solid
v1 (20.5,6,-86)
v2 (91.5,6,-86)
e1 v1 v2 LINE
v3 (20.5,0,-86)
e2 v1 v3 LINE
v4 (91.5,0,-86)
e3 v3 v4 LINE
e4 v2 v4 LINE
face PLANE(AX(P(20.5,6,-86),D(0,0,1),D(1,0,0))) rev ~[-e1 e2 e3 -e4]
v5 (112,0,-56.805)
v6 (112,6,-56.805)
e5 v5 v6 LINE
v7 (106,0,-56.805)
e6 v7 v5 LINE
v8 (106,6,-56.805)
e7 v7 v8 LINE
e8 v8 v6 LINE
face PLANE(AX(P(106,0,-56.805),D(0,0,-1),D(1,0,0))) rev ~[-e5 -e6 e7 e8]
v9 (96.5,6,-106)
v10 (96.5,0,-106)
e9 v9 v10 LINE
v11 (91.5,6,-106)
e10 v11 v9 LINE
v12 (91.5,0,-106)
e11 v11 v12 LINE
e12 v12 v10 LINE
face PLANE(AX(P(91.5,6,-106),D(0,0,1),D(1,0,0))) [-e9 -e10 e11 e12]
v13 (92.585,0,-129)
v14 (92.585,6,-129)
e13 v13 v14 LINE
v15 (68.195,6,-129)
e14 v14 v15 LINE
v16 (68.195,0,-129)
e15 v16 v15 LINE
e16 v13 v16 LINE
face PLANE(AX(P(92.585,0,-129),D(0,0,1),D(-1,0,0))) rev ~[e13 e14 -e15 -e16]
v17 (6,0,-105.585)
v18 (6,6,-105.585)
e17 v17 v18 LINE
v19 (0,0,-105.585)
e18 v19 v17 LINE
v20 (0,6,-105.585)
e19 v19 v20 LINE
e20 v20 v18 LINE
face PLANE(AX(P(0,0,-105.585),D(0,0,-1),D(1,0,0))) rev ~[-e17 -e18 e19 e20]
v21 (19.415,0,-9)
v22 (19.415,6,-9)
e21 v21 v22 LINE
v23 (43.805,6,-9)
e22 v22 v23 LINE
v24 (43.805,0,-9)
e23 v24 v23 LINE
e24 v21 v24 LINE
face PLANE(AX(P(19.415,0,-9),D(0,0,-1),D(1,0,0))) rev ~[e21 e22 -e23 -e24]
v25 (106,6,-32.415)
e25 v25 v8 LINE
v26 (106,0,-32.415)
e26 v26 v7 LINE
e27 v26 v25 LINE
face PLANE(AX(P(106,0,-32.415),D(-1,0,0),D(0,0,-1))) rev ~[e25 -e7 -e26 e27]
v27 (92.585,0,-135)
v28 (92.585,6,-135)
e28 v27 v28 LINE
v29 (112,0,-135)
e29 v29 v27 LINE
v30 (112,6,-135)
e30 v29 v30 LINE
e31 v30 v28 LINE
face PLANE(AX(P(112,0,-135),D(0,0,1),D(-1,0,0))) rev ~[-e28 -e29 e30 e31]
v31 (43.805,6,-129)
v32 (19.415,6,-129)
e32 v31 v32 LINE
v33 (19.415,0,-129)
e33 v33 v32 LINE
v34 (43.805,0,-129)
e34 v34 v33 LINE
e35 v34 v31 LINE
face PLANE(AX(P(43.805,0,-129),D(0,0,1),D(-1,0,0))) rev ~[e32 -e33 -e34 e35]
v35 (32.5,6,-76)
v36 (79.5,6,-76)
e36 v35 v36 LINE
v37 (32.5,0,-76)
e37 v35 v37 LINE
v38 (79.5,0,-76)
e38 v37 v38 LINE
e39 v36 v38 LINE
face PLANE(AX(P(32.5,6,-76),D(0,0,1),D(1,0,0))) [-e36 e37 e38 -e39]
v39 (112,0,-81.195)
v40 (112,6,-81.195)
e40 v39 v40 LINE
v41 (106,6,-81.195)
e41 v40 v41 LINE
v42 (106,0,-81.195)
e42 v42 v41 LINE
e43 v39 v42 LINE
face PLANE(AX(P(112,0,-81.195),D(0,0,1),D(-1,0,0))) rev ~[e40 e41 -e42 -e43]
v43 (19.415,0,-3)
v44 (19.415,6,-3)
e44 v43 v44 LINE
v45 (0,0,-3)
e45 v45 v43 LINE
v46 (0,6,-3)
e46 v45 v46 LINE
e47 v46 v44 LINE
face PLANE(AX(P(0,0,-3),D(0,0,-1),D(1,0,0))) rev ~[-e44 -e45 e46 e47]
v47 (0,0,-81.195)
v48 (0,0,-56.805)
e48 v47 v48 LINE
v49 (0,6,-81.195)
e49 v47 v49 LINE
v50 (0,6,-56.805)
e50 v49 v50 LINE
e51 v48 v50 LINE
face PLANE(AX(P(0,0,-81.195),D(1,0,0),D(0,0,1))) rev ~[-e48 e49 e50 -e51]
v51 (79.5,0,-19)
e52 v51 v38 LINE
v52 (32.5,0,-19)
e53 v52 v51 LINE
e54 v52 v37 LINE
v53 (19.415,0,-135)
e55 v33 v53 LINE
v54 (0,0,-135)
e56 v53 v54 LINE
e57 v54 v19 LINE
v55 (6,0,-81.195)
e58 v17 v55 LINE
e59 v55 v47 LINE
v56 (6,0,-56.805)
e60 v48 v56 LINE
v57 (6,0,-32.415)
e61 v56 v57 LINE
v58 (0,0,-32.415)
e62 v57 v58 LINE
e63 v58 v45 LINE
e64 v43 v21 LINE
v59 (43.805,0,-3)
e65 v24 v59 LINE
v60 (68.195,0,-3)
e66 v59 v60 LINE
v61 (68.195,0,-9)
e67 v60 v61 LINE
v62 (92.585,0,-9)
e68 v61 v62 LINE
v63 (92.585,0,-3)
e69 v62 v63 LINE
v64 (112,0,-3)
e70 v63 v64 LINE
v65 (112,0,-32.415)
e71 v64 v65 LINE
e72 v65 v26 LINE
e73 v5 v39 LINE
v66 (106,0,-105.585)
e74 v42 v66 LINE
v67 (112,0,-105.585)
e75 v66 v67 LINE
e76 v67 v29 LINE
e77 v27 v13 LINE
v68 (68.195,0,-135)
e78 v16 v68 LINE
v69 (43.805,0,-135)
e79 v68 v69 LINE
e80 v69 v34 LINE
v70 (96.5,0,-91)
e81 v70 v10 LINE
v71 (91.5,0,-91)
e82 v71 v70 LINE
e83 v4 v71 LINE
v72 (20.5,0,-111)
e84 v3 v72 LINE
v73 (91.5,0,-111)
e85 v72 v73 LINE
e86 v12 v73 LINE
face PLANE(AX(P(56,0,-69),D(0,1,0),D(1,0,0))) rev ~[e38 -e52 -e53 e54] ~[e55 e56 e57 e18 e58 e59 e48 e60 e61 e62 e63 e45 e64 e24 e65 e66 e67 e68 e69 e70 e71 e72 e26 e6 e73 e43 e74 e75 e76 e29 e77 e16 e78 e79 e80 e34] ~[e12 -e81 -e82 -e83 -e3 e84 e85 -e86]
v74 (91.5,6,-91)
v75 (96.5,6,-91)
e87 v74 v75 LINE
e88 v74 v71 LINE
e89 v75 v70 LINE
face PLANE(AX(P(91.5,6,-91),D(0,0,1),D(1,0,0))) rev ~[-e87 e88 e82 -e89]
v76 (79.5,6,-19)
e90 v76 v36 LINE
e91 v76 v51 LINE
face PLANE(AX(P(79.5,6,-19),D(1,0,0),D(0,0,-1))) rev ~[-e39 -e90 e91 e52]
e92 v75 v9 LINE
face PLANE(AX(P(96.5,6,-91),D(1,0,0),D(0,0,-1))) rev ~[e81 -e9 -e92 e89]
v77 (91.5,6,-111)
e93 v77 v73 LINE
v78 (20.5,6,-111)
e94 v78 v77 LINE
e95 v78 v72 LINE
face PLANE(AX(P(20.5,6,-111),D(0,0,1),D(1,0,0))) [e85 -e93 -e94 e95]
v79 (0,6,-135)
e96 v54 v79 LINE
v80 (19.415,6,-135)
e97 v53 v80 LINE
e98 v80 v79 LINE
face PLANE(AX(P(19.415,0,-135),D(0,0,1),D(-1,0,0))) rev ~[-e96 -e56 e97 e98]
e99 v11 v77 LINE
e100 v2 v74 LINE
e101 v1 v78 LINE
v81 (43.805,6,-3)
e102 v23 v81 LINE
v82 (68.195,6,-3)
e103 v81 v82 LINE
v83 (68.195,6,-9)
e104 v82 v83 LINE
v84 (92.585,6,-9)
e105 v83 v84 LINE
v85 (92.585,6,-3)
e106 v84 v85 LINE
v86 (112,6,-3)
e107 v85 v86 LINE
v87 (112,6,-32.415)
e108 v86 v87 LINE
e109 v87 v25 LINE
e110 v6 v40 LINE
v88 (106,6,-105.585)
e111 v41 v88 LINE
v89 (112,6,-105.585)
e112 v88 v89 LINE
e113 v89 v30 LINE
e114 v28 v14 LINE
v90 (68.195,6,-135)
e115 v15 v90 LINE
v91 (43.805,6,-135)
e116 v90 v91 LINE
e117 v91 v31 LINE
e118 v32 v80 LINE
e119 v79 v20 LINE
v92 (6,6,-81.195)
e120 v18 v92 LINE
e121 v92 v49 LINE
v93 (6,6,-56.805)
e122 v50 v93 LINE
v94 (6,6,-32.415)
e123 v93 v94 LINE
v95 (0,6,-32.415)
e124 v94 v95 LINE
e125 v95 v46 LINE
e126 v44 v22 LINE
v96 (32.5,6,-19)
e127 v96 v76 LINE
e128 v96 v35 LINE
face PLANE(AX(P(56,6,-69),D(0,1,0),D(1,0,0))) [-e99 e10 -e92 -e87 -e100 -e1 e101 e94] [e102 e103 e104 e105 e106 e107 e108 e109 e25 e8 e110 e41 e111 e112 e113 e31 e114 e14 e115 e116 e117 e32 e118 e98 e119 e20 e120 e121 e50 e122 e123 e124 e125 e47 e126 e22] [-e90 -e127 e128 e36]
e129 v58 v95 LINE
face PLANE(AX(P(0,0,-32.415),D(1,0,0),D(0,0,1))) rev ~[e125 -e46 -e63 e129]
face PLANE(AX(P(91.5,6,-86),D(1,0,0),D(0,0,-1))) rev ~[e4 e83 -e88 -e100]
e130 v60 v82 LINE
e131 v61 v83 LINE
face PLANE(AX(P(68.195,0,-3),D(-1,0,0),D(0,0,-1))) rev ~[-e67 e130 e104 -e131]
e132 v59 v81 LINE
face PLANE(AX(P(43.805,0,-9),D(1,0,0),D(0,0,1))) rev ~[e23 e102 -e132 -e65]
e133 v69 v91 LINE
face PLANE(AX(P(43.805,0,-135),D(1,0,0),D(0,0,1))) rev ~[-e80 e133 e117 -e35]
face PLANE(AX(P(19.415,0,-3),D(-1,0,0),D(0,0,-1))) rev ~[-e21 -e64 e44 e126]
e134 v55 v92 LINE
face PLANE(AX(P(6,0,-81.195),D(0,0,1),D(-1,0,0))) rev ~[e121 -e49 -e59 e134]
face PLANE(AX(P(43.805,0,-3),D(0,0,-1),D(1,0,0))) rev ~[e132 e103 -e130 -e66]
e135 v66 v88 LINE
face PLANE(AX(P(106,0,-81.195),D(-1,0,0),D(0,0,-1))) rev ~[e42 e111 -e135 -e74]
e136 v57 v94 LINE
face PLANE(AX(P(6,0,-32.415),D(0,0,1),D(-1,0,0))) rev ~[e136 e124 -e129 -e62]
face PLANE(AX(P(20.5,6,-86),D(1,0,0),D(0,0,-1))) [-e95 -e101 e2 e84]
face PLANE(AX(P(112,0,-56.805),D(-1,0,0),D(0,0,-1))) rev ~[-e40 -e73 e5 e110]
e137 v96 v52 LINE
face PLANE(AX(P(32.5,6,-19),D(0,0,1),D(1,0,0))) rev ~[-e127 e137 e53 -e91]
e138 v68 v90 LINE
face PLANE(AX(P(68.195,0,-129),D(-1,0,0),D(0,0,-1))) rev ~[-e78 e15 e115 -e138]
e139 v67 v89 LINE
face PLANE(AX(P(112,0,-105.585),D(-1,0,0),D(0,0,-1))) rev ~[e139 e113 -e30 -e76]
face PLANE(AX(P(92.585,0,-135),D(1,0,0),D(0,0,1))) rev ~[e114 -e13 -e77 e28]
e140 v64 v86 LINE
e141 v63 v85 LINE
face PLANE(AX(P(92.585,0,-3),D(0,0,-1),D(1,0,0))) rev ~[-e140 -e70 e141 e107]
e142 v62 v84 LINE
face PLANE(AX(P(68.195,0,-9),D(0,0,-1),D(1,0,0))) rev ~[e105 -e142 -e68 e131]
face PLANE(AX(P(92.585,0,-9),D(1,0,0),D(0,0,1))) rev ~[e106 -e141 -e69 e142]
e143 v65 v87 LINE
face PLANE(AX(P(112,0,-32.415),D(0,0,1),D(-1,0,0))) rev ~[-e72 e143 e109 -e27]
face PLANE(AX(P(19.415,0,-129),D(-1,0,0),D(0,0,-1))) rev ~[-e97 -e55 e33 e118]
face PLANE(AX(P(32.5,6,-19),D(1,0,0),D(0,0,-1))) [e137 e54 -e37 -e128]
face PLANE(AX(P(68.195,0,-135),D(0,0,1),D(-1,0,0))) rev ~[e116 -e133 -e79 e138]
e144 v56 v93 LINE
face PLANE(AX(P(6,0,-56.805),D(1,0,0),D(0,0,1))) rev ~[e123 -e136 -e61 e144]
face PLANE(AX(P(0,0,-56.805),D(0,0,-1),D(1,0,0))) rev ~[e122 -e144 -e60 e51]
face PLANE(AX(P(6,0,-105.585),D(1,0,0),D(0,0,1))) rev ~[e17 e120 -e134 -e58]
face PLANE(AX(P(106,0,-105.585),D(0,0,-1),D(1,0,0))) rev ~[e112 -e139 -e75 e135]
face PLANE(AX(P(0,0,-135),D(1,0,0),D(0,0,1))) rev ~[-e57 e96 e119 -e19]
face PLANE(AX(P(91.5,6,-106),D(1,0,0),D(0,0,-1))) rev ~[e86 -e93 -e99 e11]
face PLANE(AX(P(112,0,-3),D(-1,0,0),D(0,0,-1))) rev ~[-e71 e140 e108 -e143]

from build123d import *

# Parameters (mm, degrees)
BOSS_EXTRUDE1_DEPTH = 6
SKETCH2_W           = 71
SKETCH2_H           = 25
SKETCH2_W_2         = 5
SKETCH2_H_2         = 15
SKETCH2_W_3         = 47
SKETCH2_H_3         = 57
CUT_EXTRUDE1_DEPTH  = 176.513532242


with BuildPart() as part:
    # Sketch1 → Boss-Extrude1 (new body)
    with BuildSketch(Plane(origin=(0, 0, 0), x_dir=(1, 0, 0), z_dir=(0, 1, 0))):
        Polygon((0, 135), (0, 105.585), (6, 105.585), (6, 81.195), (0, 81.195), (0, 56.805), (6, 56.805), (6, 32.415), (0, 32.415), (0, 8.025), (0, 3), (19.415, 3), (19.415, 9), (43.805, 9), (43.805, 3), (68.195, 3), (68.195, 9), (92.585, 9), (92.585, 3), (112, 3), (112, 32.415), (106, 32.415), (106, 56.805), (112, 56.805), (112, 81.195), (106, 81.195), (106, 105.585), (112, 105.585), (112, 129.975), (112, 135), (92.585, 135), (92.585, 129), (68.195, 129), (68.195, 135), (43.805, 135), (43.805, 129), (19.415, 129), (19.415, 135), align=None)
    extrude(amount=BOSS_EXTRUDE1_DEPTH)

    # Sketch2 → Cut-Extrude1 (cut, through all)
    with BuildSketch(Plane(origin=(0, 6, 0), x_dir=(1, 0, 0), z_dir=(0, 1, 0))):
        with Locations((56, 98.5)):
            Rectangle(SKETCH2_W, SKETCH2_H)
        with Locations((94, 98.5)):
            Rectangle(SKETCH2_W_2, SKETCH2_H_2)
        with Locations((56, 47.5)):
            Rectangle(SKETCH2_W_3, SKETCH2_H_3)
    extrude(amount=-CUT_EXTRUDE1_DEPTH, mode=Mode.SUBTRACT)


solid = part.part
